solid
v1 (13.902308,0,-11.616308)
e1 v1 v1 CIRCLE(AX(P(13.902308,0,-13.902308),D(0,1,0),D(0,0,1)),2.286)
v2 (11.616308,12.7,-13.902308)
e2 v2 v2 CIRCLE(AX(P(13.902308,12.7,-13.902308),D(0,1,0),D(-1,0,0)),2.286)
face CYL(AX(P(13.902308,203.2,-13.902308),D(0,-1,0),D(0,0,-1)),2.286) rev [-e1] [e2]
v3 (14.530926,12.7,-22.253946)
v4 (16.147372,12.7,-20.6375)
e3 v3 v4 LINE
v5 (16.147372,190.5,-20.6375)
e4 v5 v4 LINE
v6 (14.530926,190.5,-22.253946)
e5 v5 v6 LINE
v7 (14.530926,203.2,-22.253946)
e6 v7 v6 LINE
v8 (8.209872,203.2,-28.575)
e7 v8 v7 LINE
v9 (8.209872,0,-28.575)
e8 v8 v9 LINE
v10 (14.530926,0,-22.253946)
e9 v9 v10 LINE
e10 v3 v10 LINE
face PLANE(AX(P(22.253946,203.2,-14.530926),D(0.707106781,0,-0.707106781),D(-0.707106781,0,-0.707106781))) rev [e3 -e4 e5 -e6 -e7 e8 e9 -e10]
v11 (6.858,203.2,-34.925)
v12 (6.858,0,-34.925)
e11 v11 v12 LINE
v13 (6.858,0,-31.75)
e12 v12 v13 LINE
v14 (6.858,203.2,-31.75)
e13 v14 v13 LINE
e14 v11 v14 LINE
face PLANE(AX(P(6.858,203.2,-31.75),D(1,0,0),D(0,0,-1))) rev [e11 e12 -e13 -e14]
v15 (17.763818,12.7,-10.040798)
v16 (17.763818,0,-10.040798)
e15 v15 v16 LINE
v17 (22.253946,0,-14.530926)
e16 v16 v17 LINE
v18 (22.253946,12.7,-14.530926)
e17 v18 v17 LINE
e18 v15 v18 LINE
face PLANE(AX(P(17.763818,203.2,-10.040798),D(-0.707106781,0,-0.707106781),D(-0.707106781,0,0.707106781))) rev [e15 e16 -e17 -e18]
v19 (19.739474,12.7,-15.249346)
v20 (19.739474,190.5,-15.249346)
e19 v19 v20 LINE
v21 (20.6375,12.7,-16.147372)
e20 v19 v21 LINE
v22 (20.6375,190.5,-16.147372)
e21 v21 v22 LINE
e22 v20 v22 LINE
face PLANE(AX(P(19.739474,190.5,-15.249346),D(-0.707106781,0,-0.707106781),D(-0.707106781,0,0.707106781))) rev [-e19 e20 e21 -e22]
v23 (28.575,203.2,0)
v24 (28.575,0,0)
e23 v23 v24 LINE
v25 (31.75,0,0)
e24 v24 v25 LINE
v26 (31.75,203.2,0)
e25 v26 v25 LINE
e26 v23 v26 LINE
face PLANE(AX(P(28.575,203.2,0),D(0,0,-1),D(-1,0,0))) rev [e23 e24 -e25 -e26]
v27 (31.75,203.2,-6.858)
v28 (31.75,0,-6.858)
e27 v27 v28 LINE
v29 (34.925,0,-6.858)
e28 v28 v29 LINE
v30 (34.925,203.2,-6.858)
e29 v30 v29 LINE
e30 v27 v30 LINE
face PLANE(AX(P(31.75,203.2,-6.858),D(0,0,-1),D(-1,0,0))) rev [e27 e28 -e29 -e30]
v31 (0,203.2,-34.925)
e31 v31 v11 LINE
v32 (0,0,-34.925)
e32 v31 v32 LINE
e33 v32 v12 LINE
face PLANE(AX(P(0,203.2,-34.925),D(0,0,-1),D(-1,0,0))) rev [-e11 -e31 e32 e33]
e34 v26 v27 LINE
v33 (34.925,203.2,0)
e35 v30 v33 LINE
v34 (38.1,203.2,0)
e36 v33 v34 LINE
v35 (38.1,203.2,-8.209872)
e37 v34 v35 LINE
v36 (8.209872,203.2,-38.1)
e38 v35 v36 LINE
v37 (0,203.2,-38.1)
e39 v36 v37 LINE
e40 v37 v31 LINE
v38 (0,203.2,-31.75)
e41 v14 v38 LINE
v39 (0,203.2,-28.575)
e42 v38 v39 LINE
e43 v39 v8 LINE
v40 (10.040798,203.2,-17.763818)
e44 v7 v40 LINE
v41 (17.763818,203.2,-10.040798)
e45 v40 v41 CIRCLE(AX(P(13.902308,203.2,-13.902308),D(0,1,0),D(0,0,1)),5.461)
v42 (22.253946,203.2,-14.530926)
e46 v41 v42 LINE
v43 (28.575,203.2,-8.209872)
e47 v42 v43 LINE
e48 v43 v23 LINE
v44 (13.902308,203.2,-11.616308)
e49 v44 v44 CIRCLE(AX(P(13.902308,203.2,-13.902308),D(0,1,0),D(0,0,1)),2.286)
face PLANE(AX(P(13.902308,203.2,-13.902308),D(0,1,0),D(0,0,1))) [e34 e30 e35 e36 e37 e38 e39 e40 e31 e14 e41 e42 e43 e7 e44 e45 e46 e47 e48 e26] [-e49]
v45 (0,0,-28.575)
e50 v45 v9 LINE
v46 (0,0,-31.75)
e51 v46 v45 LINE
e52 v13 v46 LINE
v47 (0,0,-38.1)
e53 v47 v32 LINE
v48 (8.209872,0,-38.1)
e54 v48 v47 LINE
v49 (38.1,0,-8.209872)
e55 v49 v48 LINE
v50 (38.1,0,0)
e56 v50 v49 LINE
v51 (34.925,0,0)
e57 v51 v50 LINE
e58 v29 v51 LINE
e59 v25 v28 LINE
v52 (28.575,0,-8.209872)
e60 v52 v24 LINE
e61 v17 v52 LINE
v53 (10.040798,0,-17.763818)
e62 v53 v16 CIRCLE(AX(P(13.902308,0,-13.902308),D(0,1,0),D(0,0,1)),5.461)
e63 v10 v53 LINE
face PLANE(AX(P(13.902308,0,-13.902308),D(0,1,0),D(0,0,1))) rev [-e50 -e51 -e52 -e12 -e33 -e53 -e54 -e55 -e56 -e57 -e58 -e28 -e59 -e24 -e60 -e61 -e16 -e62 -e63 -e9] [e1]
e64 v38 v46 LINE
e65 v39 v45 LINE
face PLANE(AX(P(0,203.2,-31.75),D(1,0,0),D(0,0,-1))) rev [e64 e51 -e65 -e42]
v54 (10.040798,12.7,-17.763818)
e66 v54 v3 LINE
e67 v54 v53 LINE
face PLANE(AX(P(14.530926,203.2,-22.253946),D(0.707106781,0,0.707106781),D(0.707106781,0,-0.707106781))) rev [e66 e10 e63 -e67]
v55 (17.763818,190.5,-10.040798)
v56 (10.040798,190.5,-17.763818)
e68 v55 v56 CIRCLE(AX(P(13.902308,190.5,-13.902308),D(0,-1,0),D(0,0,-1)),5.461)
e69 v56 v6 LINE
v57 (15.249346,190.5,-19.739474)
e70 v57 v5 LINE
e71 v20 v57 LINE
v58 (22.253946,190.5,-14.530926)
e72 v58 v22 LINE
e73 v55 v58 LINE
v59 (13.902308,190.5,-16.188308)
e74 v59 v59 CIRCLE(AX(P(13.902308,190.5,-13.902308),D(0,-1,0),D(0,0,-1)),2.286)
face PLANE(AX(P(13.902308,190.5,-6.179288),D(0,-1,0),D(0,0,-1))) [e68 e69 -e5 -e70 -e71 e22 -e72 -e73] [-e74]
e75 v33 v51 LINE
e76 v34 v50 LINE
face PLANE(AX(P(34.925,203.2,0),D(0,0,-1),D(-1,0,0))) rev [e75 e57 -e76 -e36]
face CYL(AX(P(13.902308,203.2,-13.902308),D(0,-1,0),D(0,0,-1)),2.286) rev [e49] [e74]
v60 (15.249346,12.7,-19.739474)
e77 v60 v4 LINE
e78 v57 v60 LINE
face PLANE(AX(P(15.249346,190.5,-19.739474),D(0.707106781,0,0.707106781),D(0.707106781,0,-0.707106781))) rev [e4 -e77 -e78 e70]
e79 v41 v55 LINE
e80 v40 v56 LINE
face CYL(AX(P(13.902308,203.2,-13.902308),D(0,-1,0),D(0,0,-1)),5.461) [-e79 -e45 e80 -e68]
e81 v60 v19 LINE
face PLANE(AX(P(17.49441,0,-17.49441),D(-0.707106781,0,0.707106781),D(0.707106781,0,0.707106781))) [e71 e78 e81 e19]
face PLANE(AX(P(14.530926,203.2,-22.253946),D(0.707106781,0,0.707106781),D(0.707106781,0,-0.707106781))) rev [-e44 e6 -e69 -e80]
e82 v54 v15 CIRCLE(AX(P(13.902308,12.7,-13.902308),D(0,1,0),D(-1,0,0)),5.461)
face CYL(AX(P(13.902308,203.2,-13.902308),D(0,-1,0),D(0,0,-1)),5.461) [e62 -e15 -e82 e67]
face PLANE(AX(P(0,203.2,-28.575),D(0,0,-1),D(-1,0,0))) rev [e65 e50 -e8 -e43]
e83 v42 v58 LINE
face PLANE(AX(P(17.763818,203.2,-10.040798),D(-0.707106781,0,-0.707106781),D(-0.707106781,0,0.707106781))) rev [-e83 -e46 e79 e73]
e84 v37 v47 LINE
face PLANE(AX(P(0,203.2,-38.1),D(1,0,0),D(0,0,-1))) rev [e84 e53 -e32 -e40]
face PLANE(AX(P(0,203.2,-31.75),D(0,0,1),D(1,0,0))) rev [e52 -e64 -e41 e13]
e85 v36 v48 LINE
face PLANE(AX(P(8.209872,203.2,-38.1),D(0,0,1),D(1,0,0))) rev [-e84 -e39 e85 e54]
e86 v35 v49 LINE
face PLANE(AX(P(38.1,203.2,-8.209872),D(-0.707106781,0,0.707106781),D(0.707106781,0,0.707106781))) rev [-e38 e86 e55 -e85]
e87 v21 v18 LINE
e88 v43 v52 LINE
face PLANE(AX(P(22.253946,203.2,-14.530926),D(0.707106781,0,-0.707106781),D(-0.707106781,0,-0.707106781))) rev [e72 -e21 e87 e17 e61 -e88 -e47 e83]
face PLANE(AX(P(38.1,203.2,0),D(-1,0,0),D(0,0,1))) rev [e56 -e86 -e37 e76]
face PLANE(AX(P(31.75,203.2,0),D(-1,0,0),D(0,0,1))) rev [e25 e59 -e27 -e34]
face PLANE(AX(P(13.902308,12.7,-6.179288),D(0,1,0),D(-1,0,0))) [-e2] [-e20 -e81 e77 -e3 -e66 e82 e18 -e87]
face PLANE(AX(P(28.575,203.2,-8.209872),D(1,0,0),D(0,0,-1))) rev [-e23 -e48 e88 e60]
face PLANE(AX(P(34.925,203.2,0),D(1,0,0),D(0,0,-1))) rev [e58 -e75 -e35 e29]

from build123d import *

# Parameters (mm, degrees)
SKETCH1_R           = 2.286
BOSS_EXTRUDE1_DEPTH = 203.2
SKETCH2_W           = 10.922
SKETCH2_H           = 177.8
CUT_EXTRUDE1_DEPTH  = 11.811
SKETCH3_W           = 6.35
SKETCH3_H           = 177.8
BOSS_EXTRUDE2_DEPTH = 1.27


with BuildPart() as part:
    # Sketch1 → Boss-Extrude1 (new body)
    with BuildSketch(Plane(origin=(0, 0, 0), x_dir=(1, 0, 0), z_dir=(0, 1, 0))):
        with BuildLine():
            Line((38.1, 0), (38.1, 8.209871939))
            Line((38.1, 8.209871939), (8.209871939, 38.1))
            Line((8.209871939, 38.1), (0, 38.1))
            Line((0, 38.1), (0, 34.925))
            Line((0, 34.925), (6.858, 34.925))
            Line((6.858, 34.925), (6.858, 31.75))
            Line((6.858, 31.75), (0, 31.75))
            Line((0, 31.75), (0, 28.575))
            Line((0, 28.575), (8.209871939, 28.575))
            Line((8.209871939, 28.575), (14.530925838, 22.253946102))
            Line((14.530925838, 22.253946102), (10.040797777, 17.763818041))
            ThreePointArc((10.040797777, 17.763818041), (10.040797777, 10.040797777), (17.763818041, 10.040797777))
            Line((17.763818041, 10.040797777), (22.253946102, 14.530925838))
            Line((22.253946102, 14.530925838), (28.575, 8.209871939))
            Line((28.575, 8.209871939), (28.575, 0))
            Line((28.575, 0), (31.75, 0))
            Line((31.75, 0), (31.75, 6.858))
            Line((31.75, 6.858), (34.925, 6.858))
            Line((34.925, 6.858), (34.925, 0))
            Line((34.925, 0), (38.1, 0))
        make_face()
        with Locations(Location((13.902307909, 13.902307909, 0), (0, 0, 270))):
            Circle(SKETCH1_R, mode=Mode.SUBTRACT)
    extrude(amount=BOSS_EXTRUDE1_DEPTH)

    # Sketch2 → Cut-Extrude1 (cut)
    with BuildSketch(Plane(origin=(18.39243597, 0, -18.39243597), x_dir=(0.7071067811865541, 0, 0.7071067811865409), z_dir=(-0.7071067811865409, 0, 0.7071067811865541))):
        with Locations((0, 101.6)):
            Rectangle(SKETCH2_W, SKETCH2_H)
    extrude(amount=CUT_EXTRUDE1_DEPTH, mode=Mode.SUBTRACT)

    # Sketch3 → Boss-Extrude2 (add)
    with BuildSketch(Plane(origin=(18.39243597, 0, -18.39243597), x_dir=(0.7071067811865479, 0, 0.7071067811865472), z_dir=(-0.7071067811865472, 0, 0.7071067811865479))):
        with Locations((0, 101.6)):
            Rectangle(SKETCH3_W, SKETCH3_H)
    extrude(amount=BOSS_EXTRUDE2_DEPTH)


solid = part.part
